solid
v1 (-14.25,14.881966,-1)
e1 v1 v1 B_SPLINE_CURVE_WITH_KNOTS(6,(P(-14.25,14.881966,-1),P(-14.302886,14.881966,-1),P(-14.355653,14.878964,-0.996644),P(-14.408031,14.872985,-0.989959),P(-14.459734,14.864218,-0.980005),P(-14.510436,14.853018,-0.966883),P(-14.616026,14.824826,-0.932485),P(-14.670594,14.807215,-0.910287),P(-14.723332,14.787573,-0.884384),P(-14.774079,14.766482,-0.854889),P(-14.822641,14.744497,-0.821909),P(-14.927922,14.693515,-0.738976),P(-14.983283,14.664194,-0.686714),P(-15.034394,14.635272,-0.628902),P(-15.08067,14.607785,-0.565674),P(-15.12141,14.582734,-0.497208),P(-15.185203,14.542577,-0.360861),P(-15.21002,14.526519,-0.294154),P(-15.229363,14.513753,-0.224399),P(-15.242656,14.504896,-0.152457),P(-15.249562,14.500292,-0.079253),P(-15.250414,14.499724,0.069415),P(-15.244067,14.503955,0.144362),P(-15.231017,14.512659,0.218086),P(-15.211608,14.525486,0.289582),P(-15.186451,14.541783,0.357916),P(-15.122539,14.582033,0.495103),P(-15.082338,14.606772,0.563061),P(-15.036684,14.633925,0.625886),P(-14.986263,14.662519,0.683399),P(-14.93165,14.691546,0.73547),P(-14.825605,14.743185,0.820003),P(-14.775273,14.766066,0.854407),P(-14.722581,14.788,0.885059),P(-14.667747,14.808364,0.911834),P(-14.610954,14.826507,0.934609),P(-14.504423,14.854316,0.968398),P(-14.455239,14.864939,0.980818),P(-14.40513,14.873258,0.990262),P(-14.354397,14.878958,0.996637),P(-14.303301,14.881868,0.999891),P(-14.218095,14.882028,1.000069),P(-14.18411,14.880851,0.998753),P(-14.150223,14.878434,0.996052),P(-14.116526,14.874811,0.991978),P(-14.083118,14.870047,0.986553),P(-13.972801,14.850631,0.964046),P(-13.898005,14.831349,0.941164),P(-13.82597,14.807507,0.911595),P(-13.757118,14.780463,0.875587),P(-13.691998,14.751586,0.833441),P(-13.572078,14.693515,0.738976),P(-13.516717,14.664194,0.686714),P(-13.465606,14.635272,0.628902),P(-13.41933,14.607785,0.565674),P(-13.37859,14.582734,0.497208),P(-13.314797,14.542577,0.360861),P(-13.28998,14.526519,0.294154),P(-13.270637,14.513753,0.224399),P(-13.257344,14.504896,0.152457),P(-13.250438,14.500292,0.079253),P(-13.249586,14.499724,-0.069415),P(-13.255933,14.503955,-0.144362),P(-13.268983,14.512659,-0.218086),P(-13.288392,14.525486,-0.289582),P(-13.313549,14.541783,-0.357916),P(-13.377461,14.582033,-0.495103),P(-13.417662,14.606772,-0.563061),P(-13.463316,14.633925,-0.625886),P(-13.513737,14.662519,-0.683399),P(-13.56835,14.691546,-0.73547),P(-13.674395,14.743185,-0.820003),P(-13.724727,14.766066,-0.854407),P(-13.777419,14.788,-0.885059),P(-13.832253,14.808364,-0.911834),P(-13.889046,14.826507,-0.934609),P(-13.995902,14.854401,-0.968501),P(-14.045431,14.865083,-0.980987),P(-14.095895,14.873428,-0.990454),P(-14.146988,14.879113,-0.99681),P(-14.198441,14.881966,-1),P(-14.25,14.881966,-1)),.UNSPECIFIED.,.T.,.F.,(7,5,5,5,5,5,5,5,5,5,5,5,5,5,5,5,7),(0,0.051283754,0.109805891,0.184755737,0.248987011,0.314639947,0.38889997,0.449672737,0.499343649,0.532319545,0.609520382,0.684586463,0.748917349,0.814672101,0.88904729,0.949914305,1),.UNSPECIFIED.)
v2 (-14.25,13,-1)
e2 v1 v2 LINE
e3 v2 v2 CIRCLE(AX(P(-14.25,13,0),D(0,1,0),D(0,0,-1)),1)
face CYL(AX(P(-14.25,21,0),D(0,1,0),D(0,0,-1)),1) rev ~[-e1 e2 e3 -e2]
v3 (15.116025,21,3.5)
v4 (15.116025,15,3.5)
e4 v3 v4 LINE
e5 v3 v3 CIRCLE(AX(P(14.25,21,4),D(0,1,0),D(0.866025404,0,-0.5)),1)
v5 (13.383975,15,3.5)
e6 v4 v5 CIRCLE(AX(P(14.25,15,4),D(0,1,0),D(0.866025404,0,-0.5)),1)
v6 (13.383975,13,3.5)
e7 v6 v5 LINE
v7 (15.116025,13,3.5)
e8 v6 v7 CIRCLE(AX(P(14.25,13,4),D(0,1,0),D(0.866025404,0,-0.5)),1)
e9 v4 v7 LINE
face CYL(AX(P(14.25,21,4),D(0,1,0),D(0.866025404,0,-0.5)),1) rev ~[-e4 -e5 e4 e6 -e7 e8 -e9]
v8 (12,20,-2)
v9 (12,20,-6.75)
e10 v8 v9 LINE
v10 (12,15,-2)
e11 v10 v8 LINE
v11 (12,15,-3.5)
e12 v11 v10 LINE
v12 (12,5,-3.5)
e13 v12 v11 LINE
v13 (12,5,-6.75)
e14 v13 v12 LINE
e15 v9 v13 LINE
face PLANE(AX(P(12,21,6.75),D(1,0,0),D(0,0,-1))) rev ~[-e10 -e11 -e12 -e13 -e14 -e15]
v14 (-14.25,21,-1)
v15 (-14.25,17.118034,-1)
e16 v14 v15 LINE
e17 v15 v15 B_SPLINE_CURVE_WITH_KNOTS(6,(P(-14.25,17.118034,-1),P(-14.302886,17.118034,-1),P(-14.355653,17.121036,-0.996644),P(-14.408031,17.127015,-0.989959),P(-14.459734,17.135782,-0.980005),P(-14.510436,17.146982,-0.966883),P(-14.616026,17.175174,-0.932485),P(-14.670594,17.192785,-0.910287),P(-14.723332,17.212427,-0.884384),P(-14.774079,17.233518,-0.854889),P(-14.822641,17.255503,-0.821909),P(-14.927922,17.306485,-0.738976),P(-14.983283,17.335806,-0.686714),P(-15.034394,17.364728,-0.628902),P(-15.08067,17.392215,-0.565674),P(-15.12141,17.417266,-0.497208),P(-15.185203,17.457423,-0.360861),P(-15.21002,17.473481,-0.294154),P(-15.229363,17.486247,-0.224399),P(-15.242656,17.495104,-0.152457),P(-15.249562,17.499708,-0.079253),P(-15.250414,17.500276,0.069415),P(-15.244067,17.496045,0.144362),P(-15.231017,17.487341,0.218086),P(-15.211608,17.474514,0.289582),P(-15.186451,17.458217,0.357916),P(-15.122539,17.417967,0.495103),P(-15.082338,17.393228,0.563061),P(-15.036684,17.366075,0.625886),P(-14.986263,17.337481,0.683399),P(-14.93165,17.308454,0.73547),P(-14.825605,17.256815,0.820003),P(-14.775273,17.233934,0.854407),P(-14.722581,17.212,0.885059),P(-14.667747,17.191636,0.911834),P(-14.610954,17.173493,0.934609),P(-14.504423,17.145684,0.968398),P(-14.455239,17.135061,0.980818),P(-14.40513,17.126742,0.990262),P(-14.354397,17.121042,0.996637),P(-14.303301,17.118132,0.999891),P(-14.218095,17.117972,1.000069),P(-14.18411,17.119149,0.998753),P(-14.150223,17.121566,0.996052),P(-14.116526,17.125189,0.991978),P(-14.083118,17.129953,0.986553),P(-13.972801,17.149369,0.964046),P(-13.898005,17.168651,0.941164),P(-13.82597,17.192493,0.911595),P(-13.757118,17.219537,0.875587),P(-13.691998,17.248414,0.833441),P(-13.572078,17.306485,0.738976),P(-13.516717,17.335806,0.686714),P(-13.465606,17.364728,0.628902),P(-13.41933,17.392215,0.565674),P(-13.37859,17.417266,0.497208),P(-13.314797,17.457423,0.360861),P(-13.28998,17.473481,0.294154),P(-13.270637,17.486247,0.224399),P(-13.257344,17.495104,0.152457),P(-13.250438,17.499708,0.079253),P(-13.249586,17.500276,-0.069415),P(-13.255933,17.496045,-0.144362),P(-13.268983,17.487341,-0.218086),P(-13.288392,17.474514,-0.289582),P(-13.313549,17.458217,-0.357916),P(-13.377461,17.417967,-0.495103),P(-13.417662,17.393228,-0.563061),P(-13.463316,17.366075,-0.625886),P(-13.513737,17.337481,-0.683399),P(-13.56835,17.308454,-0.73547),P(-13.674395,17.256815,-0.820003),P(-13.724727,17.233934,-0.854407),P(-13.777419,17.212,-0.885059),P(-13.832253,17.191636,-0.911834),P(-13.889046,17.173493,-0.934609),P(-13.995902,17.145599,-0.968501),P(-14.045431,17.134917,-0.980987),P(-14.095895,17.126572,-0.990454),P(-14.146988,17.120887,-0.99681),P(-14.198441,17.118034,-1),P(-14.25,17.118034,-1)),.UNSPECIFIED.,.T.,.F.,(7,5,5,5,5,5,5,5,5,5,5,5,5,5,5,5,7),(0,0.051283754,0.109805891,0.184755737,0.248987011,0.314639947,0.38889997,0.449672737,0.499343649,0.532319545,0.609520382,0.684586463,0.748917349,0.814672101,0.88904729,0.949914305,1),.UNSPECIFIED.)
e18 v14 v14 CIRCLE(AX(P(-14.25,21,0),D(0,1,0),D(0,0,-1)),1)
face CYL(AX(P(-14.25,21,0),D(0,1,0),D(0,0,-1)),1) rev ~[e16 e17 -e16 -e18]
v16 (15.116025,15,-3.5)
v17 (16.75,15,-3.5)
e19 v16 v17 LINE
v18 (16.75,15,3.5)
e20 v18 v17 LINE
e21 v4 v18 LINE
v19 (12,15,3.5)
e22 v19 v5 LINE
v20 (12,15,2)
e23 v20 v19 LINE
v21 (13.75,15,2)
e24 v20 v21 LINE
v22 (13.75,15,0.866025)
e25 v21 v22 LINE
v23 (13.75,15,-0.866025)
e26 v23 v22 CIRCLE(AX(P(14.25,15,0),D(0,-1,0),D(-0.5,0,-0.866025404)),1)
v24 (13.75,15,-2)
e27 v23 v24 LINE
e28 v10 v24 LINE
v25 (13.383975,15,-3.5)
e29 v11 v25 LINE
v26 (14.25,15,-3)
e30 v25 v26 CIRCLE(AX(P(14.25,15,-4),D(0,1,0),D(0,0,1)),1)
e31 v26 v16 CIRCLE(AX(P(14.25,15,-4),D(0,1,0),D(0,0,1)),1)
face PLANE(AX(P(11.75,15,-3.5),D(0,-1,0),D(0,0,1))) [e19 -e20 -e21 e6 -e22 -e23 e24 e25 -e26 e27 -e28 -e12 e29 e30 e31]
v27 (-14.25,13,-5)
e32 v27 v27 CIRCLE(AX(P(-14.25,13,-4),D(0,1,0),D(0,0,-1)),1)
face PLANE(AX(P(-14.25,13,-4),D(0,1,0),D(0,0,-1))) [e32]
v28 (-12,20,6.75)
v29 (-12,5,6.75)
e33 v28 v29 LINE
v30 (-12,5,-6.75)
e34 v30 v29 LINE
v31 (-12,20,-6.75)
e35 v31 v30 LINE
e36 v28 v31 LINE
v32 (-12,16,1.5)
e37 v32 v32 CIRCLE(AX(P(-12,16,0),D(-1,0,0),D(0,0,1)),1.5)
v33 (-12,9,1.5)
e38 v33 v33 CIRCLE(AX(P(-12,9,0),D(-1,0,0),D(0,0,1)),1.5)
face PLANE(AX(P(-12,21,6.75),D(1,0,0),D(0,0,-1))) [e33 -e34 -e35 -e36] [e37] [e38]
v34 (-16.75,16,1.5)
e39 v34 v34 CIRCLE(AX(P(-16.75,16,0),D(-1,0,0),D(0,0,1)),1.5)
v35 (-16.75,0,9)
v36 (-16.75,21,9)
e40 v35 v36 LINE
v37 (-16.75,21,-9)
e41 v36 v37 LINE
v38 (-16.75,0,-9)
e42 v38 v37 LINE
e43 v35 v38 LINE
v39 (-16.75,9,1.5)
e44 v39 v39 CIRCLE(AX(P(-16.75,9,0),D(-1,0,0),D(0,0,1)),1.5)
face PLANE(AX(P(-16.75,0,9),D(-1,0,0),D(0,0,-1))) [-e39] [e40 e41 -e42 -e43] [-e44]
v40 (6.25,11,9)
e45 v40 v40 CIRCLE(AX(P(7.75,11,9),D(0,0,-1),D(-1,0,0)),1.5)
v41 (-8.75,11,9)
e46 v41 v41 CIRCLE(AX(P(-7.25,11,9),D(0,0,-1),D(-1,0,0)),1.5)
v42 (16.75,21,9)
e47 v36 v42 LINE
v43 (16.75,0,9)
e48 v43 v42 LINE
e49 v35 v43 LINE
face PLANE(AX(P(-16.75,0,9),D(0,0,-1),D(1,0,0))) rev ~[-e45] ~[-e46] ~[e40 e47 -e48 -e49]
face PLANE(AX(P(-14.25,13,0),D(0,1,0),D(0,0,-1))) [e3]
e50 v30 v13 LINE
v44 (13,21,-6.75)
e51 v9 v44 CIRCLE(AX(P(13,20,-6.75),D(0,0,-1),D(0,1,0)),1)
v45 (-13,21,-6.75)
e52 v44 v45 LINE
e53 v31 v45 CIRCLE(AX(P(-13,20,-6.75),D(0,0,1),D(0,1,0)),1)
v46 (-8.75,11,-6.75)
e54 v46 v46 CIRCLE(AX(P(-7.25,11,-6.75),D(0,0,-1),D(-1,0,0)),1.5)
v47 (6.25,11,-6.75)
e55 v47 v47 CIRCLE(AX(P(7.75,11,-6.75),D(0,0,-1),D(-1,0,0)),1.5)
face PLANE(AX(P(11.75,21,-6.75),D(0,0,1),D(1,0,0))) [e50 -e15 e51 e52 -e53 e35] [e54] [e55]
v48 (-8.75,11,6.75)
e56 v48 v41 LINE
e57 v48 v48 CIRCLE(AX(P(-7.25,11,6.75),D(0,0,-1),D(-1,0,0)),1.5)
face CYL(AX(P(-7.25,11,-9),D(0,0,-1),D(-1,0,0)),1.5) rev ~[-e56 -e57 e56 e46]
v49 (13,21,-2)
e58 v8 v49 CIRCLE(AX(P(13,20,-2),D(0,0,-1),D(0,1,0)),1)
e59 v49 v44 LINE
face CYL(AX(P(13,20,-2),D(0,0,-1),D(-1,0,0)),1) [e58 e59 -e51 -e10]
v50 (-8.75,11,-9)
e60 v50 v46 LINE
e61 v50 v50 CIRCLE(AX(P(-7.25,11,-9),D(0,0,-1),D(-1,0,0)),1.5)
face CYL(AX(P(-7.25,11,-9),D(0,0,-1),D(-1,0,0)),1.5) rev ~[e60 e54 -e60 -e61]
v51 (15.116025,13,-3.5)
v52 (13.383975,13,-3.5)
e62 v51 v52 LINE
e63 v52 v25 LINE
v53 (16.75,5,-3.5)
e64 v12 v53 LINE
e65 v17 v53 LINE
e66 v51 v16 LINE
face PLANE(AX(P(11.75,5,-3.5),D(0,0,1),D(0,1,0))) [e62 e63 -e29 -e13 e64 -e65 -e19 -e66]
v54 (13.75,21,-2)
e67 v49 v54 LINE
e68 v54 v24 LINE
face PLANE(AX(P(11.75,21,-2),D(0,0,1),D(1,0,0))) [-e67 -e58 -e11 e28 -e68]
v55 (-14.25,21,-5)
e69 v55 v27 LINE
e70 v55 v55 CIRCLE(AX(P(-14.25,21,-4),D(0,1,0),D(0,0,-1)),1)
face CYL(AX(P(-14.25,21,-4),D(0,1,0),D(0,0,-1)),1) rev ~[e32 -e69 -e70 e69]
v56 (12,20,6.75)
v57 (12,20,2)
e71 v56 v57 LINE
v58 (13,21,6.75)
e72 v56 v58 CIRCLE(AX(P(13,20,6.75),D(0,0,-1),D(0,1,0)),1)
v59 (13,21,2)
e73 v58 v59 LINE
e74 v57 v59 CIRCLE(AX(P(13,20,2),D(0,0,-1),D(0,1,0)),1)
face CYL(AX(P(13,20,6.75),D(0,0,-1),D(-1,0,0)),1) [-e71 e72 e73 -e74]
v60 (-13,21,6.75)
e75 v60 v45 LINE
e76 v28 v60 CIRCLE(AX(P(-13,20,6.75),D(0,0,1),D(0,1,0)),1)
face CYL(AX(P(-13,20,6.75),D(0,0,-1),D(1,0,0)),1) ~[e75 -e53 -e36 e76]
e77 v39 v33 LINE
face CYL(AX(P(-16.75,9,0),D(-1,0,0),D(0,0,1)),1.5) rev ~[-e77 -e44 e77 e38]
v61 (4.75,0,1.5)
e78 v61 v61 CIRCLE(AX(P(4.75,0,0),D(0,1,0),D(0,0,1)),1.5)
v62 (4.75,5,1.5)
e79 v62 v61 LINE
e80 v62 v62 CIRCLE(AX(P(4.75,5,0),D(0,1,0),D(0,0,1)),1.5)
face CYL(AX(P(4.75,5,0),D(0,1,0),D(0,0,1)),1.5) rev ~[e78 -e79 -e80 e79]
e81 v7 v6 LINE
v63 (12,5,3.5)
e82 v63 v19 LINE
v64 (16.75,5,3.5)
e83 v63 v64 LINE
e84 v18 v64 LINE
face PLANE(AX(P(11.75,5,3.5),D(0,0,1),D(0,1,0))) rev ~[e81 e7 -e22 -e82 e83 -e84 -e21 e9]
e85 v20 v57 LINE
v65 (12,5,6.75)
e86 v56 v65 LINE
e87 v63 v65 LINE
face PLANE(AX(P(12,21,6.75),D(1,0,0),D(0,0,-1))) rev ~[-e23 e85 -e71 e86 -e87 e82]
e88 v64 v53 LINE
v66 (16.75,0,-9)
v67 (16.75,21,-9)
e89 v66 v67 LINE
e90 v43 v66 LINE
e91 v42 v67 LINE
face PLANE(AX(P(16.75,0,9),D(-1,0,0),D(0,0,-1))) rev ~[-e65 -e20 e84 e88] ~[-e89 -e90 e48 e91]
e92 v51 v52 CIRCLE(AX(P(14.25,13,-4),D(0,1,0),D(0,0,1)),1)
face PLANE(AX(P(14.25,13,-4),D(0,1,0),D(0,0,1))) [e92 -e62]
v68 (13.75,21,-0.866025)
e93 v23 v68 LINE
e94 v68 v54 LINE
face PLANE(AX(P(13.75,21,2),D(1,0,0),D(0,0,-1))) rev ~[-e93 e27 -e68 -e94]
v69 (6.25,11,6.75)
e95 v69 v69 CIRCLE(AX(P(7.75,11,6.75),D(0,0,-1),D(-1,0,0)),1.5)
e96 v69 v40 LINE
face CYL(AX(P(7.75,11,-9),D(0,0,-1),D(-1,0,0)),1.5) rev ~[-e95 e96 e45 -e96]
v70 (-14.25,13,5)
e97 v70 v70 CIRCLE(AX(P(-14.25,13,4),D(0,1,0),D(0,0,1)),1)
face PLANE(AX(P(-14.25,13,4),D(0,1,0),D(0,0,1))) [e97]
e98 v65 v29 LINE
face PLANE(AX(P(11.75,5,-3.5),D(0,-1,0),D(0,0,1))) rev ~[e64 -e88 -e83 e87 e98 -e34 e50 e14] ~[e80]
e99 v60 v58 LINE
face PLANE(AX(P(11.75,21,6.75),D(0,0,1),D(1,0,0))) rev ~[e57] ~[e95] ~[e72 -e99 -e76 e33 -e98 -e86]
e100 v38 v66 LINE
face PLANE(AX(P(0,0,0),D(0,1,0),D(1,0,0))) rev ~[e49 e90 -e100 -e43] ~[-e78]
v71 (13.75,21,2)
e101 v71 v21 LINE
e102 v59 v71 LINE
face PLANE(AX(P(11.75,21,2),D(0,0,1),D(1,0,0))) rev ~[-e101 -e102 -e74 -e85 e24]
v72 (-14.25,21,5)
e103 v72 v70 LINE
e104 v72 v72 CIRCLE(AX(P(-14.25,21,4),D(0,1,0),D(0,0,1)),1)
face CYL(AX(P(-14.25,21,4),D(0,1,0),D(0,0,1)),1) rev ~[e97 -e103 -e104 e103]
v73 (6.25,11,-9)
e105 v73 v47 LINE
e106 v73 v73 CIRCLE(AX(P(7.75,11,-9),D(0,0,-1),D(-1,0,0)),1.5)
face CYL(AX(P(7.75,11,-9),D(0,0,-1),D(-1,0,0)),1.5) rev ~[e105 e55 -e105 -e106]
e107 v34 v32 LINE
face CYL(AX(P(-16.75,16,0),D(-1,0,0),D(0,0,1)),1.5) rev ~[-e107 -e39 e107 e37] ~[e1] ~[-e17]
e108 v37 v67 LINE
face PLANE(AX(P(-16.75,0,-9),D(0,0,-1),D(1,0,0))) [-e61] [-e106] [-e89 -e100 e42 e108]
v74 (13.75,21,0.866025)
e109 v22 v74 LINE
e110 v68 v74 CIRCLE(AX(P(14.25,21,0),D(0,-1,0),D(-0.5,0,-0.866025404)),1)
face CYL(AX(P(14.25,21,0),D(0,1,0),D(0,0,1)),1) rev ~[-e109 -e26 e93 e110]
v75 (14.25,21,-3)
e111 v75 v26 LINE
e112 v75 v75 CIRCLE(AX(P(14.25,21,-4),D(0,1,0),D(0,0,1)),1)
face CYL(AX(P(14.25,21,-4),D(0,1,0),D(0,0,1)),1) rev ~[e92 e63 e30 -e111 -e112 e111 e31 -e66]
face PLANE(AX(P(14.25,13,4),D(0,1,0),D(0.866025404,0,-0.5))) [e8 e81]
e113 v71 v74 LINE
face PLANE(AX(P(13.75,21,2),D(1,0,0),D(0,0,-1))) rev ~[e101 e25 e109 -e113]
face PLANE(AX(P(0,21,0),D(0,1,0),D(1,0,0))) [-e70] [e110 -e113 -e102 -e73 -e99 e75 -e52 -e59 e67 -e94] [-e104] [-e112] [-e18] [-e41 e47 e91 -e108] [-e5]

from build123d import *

# Parameters (mm, degrees)
CROQUIS1_W              = 33.5
CROQUIS1_H              = 18
SALIENTE_EXTRUIR1_DEPTH = 21
CROQUIS2_W              = 23.5
CROQUIS2_H              = 13.5
CORTAR_EXTRUIR1_DEPTH   = 16
CORTAR_EXTRUIR2_REACH   = 38.527
CROQUIS3_W              = 7
CROQUIS3_H              = 10
CROQUIS4_R              = 1
CORTAR_EXTRUIR3_DEPTH   = 8
CORTAR_EXTRUIR4_REACH   = 30.33
CROQUIS5_W              = 2
CROQUIS5_H              = 4
CORTAR_EXTRUIR5_REACH   = 26.851
CROQUIS6_R              = 1.5
CORTAR_EXTRUIR6_REACH   = 42.549
CROQUIS7_R              = 1.5
CROQUIS8_R              = 1.5
CORTAR_EXTRUIR7_DEPTH   = 33.335159
CORTAR_EXTRUIR8_REACH   = 30.33
CROQUIS9_W              = 0.25
CROQUIS9_H              = 13.5
REDONDEO1_R             = 1


with BuildPart() as part:
    # Croquis1 → Saliente-Extruir1 (new body)
    with BuildSketch(Plane(origin=(0, 0, 0), x_dir=(1, 0, 0), z_dir=(0, 1, 0))):
        Rectangle(CROQUIS1_W, CROQUIS1_H)
    extrude(amount=SALIENTE_EXTRUIR1_DEPTH)

    # Croquis2 → Cortar-Extruir1 (cut)
    with BuildSketch(Plane(origin=(0, 21, 0), x_dir=(1, 0, 0), z_dir=(0, 1, 0))):
        Rectangle(CROQUIS2_W, CROQUIS2_H)
    extrude(amount=-CORTAR_EXTRUIR1_DEPTH, mode=Mode.SUBTRACT)

    # Croquis3 → Cortar-Extruir2 (cut, up to next)
    with BuildSketch(Plane.ZY.offset(-11.75), mode=Mode.PRIVATE) as cortar_extruir2_sk1:
        with Locations((0, 10)):
            Rectangle(CROQUIS3_W, CROQUIS3_H)
    cortar_extruir2_tool1 = extrude(cortar_extruir2_sk1.sketch, amount=-CORTAR_EXTRUIR2_REACH, mode=Mode.PRIVATE) & part.part
    add(cortar_extruir2_tool1.solids().sort_by_distance((11.75, 10, 0))[0], mode=Mode.SUBTRACT)

    # Croquis4 → Cortar-Extruir3 (cut)
    with BuildSketch(Plane(origin=(0, 21, 0), x_dir=(1, 0, 0), z_dir=(0, 1, 0))):
        with Locations(Location((14.25, 0, 0), (0, 0, 270))):
            Circle(CROQUIS4_R)
        with Locations(Location((14.25, 4, 0), (0, 0, 270))):
            Circle(CROQUIS4_R)
        with Locations(Location((14.25, -4, 0), (0, 0, 30))):
            Circle(CROQUIS4_R)
        with Locations(Location((-14.25, -4, 0), (0, 0, 270))):
            Circle(CROQUIS4_R)
        with Locations(Location((-14.25, 0, 0), (0, 0, 90))):
            Circle(CROQUIS4_R)
        with Locations(Location((-14.25, 4, 0), (0, 0, 90))):
            Circle(CROQUIS4_R)
    extrude(amount=-CORTAR_EXTRUIR3_DEPTH, mode=Mode.SUBTRACT)

    # Croquis5 → Cortar-Extruir4 (cut, up to next)
    with BuildSketch(Plane(origin=(0, 21, 0), x_dir=(1, 0, 0), z_dir=(0, 1, 0)), mode=Mode.PRIVATE) as cortar_extruir4_sk1:
        with Locations((12.75, 0)):
            Rectangle(CROQUIS5_W, CROQUIS5_H)
    cortar_extruir4_tool1 = extrude(cortar_extruir4_sk1.sketch, amount=-CORTAR_EXTRUIR4_REACH, mode=Mode.PRIVATE) & part.part
    add(cortar_extruir4_tool1.solids().sort_by_distance((12.75, 21, 0))[0], mode=Mode.SUBTRACT)

    # Croquis6 → Cortar-Extruir5 (cut, up to next)
    with BuildSketch(Plane(origin=(0, 5, 0), x_dir=(1, 0, 0), z_dir=(0, 1, 0)), mode=Mode.PRIVATE) as cortar_extruir5_sk1:
        with Locations(Location((4.75, 0, 0), (0, 0, 270))):
            Circle(CROQUIS6_R)
    cortar_extruir5_tool1 = extrude(cortar_extruir5_sk1.sketch, amount=-CORTAR_EXTRUIR5_REACH, mode=Mode.PRIVATE) & part.part
    add(cortar_extruir5_tool1.solids().sort_by_distance((4.75, 5, 0))[0], mode=Mode.SUBTRACT)

    # Croquis7 → Cortar-Extruir6 (cut, up to next)
    with BuildSketch(Plane.ZY.offset(16.75), mode=Mode.PRIVATE) as cortar_extruir6_sk1:
        with Locations((0, 16)):
            Circle(CROQUIS7_R)
    cortar_extruir6_tool1 = extrude(cortar_extruir6_sk1.sketch, amount=-CORTAR_EXTRUIR6_REACH, mode=Mode.PRIVATE) & part.part
    # Croquis7 → Cortar-Extruir6 (cut, up to next)
    with BuildSketch(Plane.ZY.offset(16.75), mode=Mode.PRIVATE) as cortar_extruir6_sk2:
        with Locations((0, 9)):
            Circle(CROQUIS7_R)
    cortar_extruir6_tool2 = extrude(cortar_extruir6_sk2.sketch, amount=-CORTAR_EXTRUIR6_REACH, mode=Mode.PRIVATE) & part.part
    add(cortar_extruir6_tool1.solids().sort_by_distance((-16.75, 16, 0))[0], mode=Mode.SUBTRACT)
    add(cortar_extruir6_tool2.solids().sort_by_distance((-16.75, 9, 0))[0], mode=Mode.SUBTRACT)

    # Croquis8 → Cortar-Extruir7 (cut, through all)
    with BuildSketch(Plane(origin=(0, 0, -9), x_dir=(-1, 0, 0), z_dir=(0, 0, -1))):
        with Locations((-7.75, 11)):
            Circle(CROQUIS8_R)
        with Locations((7.25, 11)):
            Circle(CROQUIS8_R)
    extrude(amount=-CORTAR_EXTRUIR7_DEPTH, mode=Mode.SUBTRACT)

    # Cortar-Extruir8: up to this face of the body (flat: up to its plane)
    cortar_extruir8_end = Plane(part.part.faces().sort_by_distance((1.347622457, 5, 0))[0])
    # Croquis9 → Cortar-Extruir8 (cut, up to the picked face)
    with BuildSketch(Plane(origin=(0, 21, 0), x_dir=(1, 0, 0), z_dir=(0, 1, 0)), mode=Mode.PRIVATE) as cortar_extruir8_sk1:
        with Locations((-11.875, 0)):
            Rectangle(CROQUIS9_W, CROQUIS9_H)
    cortar_extruir8_tool1 = split(extrude(cortar_extruir8_sk1.sketch, amount=-CORTAR_EXTRUIR8_REACH, mode=Mode.PRIVATE), bisect_by=cortar_extruir8_end, keep=Keep.BOTH, mode=Mode.PRIVATE)
    # Croquis9 → Cortar-Extruir8 (cut, up to the picked face)
    with BuildSketch(Plane(origin=(0, 21, 0), x_dir=(1, 0, 0), z_dir=(0, 1, 0)), mode=Mode.PRIVATE) as cortar_extruir8_sk2:
        with Locations((11.875, 0)):
            Rectangle(CROQUIS9_W, CROQUIS9_H)
    cortar_extruir8_tool2 = split(extrude(cortar_extruir8_sk2.sketch, amount=-CORTAR_EXTRUIR8_REACH, mode=Mode.PRIVATE), bisect_by=cortar_extruir8_end, keep=Keep.BOTH, mode=Mode.PRIVATE)
    add(cortar_extruir8_tool1.solids().sort_by(Axis((-11.875, 21, 0), (0, -1, 0)))[0], mode=Mode.SUBTRACT)
    add(cortar_extruir8_tool2.solids().sort_by(Axis((11.875, 21, 0), (0, -1, 0)))[0], mode=Mode.SUBTRACT)

    # Redondeo1
    redondeo1_edges = [part.edges().sort_by_distance(p)[0] for p in [
        (-12, 21, 0),
        (12, 21, -4.375),
        (12, 21, 4.375),
    ]]
    fillet(redondeo1_edges, radius=REDONDEO1_R)


solid = part.part
